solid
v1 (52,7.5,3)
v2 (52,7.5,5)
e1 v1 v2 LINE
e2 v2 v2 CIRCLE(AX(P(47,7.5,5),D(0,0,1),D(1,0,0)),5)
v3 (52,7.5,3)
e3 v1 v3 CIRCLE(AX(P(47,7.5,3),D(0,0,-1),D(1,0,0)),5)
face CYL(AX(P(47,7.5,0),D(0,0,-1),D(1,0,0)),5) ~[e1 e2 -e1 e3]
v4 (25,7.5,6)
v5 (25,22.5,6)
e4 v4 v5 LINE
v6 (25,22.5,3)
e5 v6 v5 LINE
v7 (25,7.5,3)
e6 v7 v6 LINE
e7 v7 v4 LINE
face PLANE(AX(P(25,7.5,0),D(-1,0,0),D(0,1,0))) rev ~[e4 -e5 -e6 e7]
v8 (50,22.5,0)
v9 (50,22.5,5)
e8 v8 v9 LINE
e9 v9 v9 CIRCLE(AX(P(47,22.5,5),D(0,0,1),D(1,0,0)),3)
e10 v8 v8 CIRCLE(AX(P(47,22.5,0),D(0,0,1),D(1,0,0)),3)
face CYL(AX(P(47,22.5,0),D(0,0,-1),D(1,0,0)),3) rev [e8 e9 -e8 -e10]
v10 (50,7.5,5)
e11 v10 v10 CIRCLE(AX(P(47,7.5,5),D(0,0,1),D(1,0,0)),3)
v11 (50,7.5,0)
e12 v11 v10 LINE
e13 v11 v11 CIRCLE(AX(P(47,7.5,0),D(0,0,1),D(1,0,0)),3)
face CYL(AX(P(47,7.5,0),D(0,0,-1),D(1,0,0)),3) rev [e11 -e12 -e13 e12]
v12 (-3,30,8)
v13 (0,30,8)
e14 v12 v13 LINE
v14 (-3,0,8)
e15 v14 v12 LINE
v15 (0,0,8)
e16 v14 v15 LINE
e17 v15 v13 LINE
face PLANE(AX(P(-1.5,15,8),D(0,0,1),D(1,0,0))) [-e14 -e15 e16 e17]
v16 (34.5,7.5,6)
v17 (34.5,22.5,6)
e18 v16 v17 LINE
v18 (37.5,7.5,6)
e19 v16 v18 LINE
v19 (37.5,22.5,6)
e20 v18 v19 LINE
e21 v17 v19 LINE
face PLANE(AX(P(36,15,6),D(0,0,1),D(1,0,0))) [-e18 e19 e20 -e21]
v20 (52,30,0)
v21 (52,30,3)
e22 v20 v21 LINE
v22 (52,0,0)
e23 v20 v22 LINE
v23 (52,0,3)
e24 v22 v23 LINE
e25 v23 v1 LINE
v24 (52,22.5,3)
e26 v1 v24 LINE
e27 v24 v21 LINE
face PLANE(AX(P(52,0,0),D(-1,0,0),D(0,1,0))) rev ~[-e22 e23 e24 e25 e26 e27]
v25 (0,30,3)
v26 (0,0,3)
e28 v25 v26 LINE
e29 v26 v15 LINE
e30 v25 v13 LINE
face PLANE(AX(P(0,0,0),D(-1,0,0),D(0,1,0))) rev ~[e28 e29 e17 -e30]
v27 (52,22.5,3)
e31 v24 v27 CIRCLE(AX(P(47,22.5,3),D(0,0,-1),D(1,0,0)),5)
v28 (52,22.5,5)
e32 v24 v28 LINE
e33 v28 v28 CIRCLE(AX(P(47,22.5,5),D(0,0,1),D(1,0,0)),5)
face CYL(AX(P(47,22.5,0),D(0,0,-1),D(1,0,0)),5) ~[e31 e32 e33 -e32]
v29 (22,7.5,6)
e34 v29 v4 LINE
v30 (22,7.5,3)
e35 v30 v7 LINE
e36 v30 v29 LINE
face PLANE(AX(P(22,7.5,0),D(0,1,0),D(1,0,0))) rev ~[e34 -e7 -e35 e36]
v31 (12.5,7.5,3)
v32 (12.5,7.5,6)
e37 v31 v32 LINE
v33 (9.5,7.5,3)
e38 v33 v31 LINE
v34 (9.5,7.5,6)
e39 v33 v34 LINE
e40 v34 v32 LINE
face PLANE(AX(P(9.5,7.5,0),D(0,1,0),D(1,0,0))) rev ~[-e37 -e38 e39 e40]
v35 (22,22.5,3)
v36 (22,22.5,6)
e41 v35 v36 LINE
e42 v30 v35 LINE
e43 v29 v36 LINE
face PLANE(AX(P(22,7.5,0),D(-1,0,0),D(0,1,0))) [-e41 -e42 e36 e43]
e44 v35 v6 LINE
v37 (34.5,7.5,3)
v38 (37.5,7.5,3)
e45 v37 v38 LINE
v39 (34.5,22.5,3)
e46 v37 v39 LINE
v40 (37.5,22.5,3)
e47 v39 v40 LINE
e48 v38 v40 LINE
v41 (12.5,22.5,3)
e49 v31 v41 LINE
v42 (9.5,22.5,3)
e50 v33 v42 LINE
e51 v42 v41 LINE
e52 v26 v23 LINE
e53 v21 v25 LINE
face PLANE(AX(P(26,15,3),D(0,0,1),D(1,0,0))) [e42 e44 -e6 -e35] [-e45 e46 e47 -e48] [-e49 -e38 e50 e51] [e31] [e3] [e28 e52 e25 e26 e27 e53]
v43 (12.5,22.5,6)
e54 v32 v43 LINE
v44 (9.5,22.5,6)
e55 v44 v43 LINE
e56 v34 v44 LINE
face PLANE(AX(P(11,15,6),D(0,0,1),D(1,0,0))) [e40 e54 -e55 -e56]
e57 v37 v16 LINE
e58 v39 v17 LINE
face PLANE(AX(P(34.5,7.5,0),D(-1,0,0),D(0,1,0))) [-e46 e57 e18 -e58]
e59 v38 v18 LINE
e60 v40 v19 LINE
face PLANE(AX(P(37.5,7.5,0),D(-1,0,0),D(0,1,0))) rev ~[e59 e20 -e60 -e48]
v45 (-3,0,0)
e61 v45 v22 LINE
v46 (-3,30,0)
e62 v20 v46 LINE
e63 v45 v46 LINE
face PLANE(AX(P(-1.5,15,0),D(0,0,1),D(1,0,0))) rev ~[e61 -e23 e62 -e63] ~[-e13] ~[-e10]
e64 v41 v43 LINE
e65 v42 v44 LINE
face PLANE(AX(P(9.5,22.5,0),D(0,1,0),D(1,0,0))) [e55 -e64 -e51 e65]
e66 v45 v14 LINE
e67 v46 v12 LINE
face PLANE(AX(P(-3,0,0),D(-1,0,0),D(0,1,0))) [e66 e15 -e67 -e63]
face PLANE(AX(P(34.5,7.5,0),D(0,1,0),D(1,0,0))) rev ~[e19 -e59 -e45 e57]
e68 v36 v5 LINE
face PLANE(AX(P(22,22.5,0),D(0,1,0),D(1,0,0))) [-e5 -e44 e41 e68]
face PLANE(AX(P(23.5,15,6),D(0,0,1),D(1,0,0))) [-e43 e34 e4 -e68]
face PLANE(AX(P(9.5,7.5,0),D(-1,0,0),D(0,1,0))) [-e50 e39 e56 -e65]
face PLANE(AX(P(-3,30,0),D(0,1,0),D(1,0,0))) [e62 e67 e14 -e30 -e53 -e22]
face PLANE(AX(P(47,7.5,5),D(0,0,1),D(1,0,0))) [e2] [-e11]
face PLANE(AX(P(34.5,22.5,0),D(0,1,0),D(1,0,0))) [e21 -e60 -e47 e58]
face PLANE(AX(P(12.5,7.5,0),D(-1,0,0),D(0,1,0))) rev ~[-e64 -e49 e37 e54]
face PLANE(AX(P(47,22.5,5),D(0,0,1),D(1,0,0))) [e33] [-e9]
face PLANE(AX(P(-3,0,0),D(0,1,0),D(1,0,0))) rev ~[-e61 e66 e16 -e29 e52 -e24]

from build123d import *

# Parameters (mm, degrees)
F0_R     = 5
F0_W     = 3
F0_H     = 15
F0_R_2   = 3
F1_DEPTH = 3
F0_H_2   = 30
F2_DEPTH = 8
F3_DEPTH = 6
F4_DEPTH = 5


with BuildPart() as f1:
    # F0 (on Top) → F1 (new body)
    with BuildSketch(Plane.XY):
        Polygon((52, 30), (0, 30), (0, 0), (52, 0), (52, 7.5), (52, 22.5), align=None)
        with Locations((47, 7.5)):
            Circle(F0_R, mode=Mode.SUBTRACT)
        with Locations((11, 15)):
            Rectangle(F0_W, F0_H, mode=Mode.SUBTRACT)
        with Locations((23.5, 15)):
            Rectangle(F0_W, F0_H, mode=Mode.SUBTRACT)
        with Locations((36, 15)):
            Rectangle(F0_W, F0_H, mode=Mode.SUBTRACT)
        with Locations((47, 22.5)):
            Circle(F0_R, mode=Mode.SUBTRACT)
        with Locations((47, 7.5)):
            Circle(F0_R)
        with Locations((47, 7.5)):
            Circle(F0_R_2, mode=Mode.SUBTRACT)
        with Locations((47, 22.5)):
            Circle(F0_R)
        with Locations((47, 22.5)):
            Circle(F0_R_2, mode=Mode.SUBTRACT)
    extrude(amount=F1_DEPTH)

    # F0 (on Top) → F2 (join, through all)
    with BuildSketch(Plane.XY):
        with Locations((-1.5, 15)):
            Rectangle(F0_W, F0_H_2)
    extrude(amount=F2_DEPTH)

    # F0 (on Top) → F3 (join, through all)
    with BuildSketch(Plane.XY):
        with Locations((11, 15)):
            Rectangle(F0_W, F0_H)
        with Locations((23.5, 15)):
            Rectangle(F0_W, F0_H)
        with Locations((36, 15)):
            Rectangle(F0_W, F0_H)
    extrude(amount=F3_DEPTH)

    # F0 (on Top) → F4 (join, through all)
    with BuildSketch(Plane.XY):
        with Locations((47, 22.5)):
            Circle(F0_R)
        with Locations((47, 22.5)):
            Circle(F0_R_2, mode=Mode.SUBTRACT)
        with Locations((47, 7.5)):
            Circle(F0_R)
        with Locations((47, 7.5)):
            Circle(F0_R_2, mode=Mode.SUBTRACT)
    extrude(amount=F4_DEPTH)


solid = f1.part
